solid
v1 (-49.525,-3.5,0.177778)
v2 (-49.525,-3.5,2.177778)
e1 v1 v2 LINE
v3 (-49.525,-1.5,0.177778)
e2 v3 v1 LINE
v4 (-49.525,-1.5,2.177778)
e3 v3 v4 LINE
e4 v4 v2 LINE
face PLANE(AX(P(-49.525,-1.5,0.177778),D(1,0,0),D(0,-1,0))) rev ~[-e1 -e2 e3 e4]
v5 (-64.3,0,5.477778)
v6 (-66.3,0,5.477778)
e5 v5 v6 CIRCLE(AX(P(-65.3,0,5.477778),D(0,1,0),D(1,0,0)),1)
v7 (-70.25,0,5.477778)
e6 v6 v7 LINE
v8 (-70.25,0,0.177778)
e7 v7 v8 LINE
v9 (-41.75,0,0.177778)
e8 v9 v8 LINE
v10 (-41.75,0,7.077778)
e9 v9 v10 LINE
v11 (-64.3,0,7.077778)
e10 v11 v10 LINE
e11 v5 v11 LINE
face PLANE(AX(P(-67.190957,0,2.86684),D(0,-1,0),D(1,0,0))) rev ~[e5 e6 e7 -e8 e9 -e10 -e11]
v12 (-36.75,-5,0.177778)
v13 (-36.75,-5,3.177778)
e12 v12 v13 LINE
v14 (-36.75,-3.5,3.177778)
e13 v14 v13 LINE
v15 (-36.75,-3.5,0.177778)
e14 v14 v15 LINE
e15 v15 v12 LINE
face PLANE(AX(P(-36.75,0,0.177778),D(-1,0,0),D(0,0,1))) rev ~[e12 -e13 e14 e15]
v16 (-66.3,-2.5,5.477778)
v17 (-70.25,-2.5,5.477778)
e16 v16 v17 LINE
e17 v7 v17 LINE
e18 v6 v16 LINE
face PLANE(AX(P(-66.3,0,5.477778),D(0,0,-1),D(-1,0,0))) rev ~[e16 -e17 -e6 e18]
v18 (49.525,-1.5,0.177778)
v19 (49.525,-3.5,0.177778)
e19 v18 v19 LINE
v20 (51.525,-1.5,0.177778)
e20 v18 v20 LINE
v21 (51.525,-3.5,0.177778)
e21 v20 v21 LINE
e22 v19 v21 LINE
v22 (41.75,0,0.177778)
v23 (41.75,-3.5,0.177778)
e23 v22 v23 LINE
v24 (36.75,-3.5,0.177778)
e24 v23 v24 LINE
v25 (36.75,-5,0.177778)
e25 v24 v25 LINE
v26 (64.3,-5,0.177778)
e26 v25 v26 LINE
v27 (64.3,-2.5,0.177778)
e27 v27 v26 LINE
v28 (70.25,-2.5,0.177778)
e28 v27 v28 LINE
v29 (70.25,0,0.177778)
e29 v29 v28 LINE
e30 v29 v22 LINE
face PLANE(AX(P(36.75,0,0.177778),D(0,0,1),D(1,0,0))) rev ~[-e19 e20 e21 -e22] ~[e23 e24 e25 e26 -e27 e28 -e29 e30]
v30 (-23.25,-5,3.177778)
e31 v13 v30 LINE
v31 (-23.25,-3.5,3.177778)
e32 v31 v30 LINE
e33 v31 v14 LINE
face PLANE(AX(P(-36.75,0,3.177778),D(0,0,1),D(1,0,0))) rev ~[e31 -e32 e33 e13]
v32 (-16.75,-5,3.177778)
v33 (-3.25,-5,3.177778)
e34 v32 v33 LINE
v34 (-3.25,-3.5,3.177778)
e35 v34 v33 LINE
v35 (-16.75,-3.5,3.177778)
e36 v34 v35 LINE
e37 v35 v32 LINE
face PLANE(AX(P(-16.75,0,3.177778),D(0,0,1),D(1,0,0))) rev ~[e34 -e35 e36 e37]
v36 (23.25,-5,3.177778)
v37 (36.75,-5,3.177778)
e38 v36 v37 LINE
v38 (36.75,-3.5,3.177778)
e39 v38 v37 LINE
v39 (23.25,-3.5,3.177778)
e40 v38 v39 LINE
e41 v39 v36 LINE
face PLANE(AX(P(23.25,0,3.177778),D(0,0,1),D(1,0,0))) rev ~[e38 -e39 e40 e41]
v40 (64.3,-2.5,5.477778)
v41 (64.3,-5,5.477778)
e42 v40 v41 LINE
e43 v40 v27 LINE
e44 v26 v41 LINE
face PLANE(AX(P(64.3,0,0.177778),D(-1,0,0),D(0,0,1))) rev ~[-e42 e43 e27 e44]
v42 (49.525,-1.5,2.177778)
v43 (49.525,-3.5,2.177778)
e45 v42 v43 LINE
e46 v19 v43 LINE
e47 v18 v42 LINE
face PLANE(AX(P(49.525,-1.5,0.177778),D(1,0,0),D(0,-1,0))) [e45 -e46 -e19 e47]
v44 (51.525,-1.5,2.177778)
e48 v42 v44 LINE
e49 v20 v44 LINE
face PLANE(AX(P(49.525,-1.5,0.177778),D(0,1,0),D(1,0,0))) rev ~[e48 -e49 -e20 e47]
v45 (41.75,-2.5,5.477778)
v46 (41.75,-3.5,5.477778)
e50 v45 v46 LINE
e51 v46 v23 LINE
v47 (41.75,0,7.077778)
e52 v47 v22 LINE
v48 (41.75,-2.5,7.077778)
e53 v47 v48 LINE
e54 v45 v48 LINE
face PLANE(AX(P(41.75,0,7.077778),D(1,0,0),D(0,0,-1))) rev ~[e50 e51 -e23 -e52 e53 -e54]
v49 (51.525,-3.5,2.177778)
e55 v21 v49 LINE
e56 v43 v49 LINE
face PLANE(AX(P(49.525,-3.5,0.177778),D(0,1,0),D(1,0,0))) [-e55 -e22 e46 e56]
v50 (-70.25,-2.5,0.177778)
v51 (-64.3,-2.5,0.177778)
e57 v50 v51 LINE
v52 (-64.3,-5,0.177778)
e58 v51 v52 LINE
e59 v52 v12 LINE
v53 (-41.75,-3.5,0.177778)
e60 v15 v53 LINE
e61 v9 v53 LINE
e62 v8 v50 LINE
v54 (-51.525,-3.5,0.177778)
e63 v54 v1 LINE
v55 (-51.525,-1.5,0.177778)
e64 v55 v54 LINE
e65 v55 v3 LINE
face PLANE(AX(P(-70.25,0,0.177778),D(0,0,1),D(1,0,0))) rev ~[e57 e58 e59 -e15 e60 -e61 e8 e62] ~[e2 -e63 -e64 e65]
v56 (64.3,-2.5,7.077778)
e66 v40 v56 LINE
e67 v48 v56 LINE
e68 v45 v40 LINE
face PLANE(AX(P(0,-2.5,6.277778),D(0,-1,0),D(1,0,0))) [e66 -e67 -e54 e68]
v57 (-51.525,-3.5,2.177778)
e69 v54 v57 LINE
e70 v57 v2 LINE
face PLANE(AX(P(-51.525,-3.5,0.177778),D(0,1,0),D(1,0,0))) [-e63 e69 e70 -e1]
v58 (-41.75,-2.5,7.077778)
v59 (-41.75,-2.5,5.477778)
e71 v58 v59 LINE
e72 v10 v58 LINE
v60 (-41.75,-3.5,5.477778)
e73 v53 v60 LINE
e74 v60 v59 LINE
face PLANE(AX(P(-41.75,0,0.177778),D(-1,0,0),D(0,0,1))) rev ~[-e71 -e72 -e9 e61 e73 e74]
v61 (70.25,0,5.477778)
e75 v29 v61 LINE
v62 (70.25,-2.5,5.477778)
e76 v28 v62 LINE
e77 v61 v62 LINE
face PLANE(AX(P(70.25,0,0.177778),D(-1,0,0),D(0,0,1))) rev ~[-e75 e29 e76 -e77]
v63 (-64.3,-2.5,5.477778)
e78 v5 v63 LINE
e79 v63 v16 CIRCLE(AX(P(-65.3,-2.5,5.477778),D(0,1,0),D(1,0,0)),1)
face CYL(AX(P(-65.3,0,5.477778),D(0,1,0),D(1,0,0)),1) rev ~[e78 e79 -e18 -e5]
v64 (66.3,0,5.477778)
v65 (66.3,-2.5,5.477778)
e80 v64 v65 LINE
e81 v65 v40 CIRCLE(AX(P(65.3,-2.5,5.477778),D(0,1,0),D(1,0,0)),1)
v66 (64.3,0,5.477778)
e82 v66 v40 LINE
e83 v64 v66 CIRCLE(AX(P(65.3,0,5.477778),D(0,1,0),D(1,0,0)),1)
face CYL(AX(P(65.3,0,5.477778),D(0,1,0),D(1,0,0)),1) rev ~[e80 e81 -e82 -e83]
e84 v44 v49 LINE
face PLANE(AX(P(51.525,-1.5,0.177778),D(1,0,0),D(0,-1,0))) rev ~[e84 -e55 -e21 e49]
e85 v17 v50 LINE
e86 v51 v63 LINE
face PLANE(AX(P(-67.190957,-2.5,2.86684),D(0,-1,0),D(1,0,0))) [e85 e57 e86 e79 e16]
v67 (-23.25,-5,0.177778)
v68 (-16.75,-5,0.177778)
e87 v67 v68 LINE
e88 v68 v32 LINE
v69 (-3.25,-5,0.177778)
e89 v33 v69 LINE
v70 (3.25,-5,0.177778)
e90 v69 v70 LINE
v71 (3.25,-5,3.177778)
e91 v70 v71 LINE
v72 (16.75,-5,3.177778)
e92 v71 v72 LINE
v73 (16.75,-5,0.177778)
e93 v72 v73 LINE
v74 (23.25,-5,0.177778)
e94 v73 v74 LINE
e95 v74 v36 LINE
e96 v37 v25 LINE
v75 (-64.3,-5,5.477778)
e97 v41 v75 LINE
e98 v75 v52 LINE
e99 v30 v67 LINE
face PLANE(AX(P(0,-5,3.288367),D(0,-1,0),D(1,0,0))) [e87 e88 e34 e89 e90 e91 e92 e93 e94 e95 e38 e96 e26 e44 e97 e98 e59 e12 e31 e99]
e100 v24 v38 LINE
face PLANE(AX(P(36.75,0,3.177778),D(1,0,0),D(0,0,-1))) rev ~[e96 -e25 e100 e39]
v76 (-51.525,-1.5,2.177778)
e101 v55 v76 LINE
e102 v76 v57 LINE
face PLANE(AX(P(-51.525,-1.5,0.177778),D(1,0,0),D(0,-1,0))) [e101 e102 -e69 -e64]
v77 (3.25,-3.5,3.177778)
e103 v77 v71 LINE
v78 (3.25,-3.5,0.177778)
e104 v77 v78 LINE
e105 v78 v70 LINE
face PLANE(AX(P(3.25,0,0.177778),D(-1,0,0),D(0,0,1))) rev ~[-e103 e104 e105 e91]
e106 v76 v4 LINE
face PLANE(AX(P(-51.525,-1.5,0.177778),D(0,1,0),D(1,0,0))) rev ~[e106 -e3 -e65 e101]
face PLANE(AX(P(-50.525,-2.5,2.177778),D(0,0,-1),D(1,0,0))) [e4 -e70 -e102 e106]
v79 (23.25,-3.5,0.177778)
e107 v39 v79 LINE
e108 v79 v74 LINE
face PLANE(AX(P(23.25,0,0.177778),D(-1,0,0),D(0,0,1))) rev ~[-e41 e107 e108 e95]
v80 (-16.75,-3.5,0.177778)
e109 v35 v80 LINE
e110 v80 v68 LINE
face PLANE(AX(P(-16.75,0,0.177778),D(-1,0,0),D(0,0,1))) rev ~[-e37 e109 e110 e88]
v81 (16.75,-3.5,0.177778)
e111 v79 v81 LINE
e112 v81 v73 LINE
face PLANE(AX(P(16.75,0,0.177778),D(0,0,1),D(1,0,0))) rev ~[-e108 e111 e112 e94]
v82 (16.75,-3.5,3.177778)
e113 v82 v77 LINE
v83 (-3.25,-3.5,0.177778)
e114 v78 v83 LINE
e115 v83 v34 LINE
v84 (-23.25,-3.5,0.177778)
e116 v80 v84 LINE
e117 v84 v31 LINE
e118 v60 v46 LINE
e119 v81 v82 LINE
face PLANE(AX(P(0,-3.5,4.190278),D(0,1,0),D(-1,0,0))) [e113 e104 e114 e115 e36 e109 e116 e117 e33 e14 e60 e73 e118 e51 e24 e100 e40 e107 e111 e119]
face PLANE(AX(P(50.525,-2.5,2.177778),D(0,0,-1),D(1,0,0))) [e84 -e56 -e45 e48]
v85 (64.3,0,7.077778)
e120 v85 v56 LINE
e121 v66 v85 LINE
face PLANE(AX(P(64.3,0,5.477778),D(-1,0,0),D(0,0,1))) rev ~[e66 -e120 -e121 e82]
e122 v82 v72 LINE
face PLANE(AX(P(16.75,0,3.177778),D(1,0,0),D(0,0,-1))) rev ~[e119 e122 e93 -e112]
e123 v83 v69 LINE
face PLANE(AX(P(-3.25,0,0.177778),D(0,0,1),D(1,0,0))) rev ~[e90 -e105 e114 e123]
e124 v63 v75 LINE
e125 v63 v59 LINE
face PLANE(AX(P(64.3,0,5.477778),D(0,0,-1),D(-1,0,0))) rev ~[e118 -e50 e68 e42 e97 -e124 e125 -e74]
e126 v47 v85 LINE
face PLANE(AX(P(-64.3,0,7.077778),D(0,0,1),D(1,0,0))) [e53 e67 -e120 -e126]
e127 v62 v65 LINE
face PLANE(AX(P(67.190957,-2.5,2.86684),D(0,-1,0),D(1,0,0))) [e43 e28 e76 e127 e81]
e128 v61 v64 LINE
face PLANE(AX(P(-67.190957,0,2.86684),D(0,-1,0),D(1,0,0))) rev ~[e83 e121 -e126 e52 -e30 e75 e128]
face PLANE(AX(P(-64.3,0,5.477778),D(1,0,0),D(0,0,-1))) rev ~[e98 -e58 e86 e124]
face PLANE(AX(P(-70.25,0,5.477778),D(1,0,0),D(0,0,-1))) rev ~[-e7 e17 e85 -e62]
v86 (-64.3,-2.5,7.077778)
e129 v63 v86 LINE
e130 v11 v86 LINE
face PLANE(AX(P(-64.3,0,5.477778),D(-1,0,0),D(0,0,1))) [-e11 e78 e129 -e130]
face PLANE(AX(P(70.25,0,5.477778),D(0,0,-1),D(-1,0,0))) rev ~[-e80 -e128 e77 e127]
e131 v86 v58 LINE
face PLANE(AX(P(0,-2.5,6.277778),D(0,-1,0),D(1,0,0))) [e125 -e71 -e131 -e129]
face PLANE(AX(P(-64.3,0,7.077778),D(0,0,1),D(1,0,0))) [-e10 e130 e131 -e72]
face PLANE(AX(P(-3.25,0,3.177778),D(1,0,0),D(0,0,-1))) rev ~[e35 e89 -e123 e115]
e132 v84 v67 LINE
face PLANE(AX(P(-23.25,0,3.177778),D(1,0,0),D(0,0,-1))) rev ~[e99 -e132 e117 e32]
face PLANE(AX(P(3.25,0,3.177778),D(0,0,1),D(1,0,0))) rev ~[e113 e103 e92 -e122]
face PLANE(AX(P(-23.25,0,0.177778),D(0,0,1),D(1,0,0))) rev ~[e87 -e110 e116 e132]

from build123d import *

# Parameters (mm, degrees)
F1_DEPTH = 5
F0_W     = 128.6
F0_H     = 1.6
F2_DEPTH = 2.5
F3_W     = 2
F3_H     = 2
F4_DEPTH = 2
F5_W     = 2
F5_H     = 2
F6_DEPTH = 2
F8_DEPTH = 3.5


with BuildPart() as f1:
    # F0 (on Front) → F1 (new body)
    with BuildSketch(Plane.XZ):
        Polygon((64.3, 0.177778), (64.3, 5.477778), (-64.3, 5.477778), (-64.3, 0.177778), (-36.75, 0.177778), (-36.75, 3.177778), (-23.25, 3.177778), (-23.25, 0.177778), (-16.75, 0.177778), (-16.75, 3.177778), (-3.25, 3.177778), (-3.25, 0.177778), (3.25, 0.177778), (3.25, 3.177778), (16.75, 3.177778), (16.75, 0.177778), (23.25, 0.177778), (23.25, 3.177778), (36.75, 3.177778), (36.75, 0.177778), align=None)
    extrude(amount=F1_DEPTH)

    # F0 (on Front) → F2 (join)
    with BuildSketch(Plane.XZ):
        with BuildLine():
            Line((-64.3, 0.177778), (-64.3, 5.477778))
            ThreePointArc((-64.3, 5.477778), (-65.3, 4.477778), (-66.3, 5.477778))
            Line((-66.3, 5.477778), (-70.25, 5.477778))
            Line((-70.25, 5.477778), (-70.25, 0.177778))
            Line((-70.25, 0.177778), (-64.3, 0.177778))
        make_face()
        with Locations((0, 6.277778)):
            Rectangle(F0_W, F0_H)
        with BuildLine():
            ThreePointArc((66.3, 5.477778), (65.3, 4.477778), (64.3, 5.477778))
            Line((64.3, 5.477778), (64.3, 0.177778))
            Line((64.3, 0.177778), (70.25, 0.177778))
            Line((70.25, 0.177778), (70.25, 5.477778))
            Line((70.25, 5.477778), (66.3, 5.477778))
        make_face()
    extrude(amount=F2_DEPTH)

    # F3 (on face) → F4 (cut)
    with BuildSketch(Plane(origin=(0, 0, 0.177778), x_dir=(1, 0, 0), z_dir=(0, 0, -1))):
        with Locations((50.525, 2.5)):
            Rectangle(F3_W, F3_H)
    extrude(amount=-F4_DEPTH, mode=Mode.SUBTRACT)

    # F5 (on face) → F6 (cut)
    with BuildSketch(Plane(origin=(0, 0, 0.177778), x_dir=(1, 0, 0), z_dir=(0, 0, -1))):
        with Locations((-50.525, 2.5)):
            Rectangle(F5_W, F5_H)
    extrude(amount=-F6_DEPTH, mode=Mode.SUBTRACT)

    # F7 (on face) → F8 (cut)
    with BuildSketch(Plane(origin=(0, 0, 0), x_dir=(-1, 0, 0), z_dir=(0, 1, 0))):
        Polygon((-41.75, 7.077778), (-41.75, 0.177778), (-36.75, 0.177778), (-36.75, 3.177778), (-23.25, 3.177778), (-23.25, 0.177778), (-16.75, 0.177778), (-16.75, 3.177778), (-3.25, 3.177778), (-3.25, 0.177778), (3.25, 0.177778), (3.25, 3.177778), (16.75, 3.177778), (16.75, 0.177778), (23.25, 0.177778), (23.25, 3.177778), (36.75, 3.177778), (36.75, 0.177778), (41.75, 0.177778), (41.75, 7.077778), align=None)
    extrude(amount=-F8_DEPTH, mode=Mode.SUBTRACT)


solid = f1.part
